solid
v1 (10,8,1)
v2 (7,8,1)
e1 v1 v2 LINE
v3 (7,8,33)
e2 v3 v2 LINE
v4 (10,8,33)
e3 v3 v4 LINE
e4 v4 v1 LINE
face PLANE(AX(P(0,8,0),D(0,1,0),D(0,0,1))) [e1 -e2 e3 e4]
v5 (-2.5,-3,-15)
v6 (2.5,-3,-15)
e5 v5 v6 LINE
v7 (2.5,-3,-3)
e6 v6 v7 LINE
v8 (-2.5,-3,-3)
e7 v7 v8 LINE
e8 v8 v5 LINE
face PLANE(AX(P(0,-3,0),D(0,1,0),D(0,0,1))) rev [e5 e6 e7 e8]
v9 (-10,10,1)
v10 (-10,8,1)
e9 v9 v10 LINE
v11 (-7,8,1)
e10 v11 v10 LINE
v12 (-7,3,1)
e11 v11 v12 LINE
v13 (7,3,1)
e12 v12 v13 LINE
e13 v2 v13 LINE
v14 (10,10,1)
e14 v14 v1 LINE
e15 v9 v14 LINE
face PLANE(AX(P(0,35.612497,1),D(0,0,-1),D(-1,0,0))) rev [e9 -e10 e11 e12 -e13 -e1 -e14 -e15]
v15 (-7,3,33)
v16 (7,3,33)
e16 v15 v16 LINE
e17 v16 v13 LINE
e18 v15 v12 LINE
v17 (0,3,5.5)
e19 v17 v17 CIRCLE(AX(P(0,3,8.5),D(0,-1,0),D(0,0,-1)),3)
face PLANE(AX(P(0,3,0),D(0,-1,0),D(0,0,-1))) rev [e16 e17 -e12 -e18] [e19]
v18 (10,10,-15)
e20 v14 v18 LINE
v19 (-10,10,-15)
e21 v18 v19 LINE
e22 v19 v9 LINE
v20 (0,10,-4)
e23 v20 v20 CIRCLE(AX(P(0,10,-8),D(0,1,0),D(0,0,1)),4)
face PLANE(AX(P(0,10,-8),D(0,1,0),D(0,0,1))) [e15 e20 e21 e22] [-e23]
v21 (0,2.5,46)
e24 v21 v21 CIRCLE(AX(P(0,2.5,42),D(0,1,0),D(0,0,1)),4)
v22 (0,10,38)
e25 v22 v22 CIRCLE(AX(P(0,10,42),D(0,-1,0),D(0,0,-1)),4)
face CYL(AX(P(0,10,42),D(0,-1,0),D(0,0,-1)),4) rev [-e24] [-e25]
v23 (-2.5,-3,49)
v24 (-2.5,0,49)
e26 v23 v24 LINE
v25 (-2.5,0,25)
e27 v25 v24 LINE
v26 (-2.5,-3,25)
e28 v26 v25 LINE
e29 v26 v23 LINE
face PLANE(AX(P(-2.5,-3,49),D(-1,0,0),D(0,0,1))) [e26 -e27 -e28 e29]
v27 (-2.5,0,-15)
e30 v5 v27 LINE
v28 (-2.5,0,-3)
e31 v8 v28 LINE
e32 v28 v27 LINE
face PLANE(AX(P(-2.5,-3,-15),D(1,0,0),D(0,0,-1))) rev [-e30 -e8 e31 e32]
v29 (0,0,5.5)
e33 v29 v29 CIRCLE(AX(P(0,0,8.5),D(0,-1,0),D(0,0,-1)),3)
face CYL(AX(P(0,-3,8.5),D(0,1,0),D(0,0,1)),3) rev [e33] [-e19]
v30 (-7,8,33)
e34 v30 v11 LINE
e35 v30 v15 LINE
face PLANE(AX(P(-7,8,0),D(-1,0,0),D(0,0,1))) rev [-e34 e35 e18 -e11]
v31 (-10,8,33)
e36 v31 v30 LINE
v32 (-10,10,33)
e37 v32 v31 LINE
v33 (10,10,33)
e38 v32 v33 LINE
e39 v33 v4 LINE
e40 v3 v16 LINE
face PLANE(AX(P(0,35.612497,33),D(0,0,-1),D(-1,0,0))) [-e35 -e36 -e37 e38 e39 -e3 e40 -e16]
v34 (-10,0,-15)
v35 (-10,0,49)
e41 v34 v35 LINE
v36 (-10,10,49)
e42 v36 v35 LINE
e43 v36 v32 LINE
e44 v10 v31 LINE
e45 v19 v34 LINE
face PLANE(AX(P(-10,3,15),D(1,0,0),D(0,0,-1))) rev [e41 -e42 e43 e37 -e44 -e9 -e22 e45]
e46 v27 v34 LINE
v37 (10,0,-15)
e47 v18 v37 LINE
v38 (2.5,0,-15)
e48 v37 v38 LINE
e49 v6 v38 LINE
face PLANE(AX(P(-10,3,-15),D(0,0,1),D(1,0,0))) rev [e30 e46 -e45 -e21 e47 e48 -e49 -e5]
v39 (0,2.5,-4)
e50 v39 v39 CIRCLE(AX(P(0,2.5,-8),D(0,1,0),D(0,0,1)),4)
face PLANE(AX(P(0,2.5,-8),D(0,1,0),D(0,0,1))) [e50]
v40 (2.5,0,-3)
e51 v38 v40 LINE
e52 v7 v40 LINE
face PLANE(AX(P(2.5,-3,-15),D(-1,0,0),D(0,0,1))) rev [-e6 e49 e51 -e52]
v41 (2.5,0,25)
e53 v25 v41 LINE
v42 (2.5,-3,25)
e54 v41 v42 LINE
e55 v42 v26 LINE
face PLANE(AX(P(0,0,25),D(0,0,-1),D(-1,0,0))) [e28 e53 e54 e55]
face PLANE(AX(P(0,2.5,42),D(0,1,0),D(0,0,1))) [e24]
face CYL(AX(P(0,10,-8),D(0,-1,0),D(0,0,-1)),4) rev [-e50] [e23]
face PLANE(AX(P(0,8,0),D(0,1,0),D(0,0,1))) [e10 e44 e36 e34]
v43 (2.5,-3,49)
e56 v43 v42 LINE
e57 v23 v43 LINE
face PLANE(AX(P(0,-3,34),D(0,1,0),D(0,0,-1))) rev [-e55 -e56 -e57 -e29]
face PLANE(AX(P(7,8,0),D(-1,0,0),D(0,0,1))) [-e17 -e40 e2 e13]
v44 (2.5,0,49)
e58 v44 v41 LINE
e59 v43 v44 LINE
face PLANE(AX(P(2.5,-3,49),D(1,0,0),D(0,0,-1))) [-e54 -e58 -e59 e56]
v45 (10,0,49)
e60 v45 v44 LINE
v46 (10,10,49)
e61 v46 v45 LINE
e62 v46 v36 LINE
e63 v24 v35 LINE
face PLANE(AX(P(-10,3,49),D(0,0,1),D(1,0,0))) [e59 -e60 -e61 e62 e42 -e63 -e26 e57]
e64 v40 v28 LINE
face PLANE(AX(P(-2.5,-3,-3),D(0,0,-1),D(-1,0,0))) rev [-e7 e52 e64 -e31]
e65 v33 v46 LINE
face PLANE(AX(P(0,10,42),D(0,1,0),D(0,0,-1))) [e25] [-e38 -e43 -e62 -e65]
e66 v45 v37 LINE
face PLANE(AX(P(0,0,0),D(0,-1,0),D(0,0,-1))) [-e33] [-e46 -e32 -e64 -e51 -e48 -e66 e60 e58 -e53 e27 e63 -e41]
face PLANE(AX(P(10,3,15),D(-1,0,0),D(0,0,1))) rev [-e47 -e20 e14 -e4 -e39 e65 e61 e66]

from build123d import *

# Parameters (mm, degrees)
SKETCH1_W               = 20
SKETCH1_H               = 30
BOSS_EXTRUDE1_DEPTH     = 3
SKETCH2_W               = 5
SKETCH2_H               = 12
BOSS_EXTRUDE2_DEPTH     = 3
SKETCH3_R               = 7
SKETCH3_R_2             = 4
BOSS_EXTRUDE3_DEPTH     = 7
SKETCH4_R               = 4
BOSS_EXTRUDE4_DEPTH     = 1
CUT_EXTRUDE1_DEPTH      = 20.339079606
CUT_EXTRUDE1_DEPTH_BACK = 20.339079606
SKETCH5_R               = 3
SKETCH6_R               = 7
SKETCH6_R_2             = 4
BOSS_EXTRUDE6_DEPTH     = 7
SKETCH7_W               = 20
SKETCH7_H               = 3
BOSS_EXTRUDE7_DEPTH     = 19
SKETCH8_W               = 5
SKETCH8_H               = 3
BOSS_EXTRUDE8_DEPTH     = 12
CUT_EXTRUDE2_START      = -1.5
SKETCH10_R              = 4
CUT_EXTRUDE2_DEPTH      = 1.5
SKETCH12_W              = 3
SKETCH12_H              = 32
BOSS_EXTRUDE9_DEPTH     = 5


with BuildPart() as part:
    # Sketch1 → Boss-Extrude1 (new body)
    with BuildSketch(Plane(origin=(0, 0, 0), x_dir=(1, 0, 0), z_dir=(0, 1, 0))):
        Rectangle(SKETCH1_W, SKETCH1_H)
    boss_extrude1 = extrude(amount=BOSS_EXTRUDE1_DEPTH)

    # Sketch2 → Boss-Extrude2 (add)
    with BuildSketch(Plane.XZ):
        with Locations((0, -9)):
            Rectangle(SKETCH2_W, SKETCH2_H)
    boss_extrude2 = extrude(amount=BOSS_EXTRUDE2_DEPTH)

    # Sketch3 → Boss-Extrude3 (add)
    with BuildSketch(Plane(origin=(0, 3, 0), x_dir=(1, 0, 0), z_dir=(0, 1, 0))):
        with Locations(Location((0, 8, 0), (0, 0, 90))):
            Circle(SKETCH3_R)
        with Locations(Location((0, 8, 0), (0, 0, 270))):
            Circle(SKETCH3_R_2, mode=Mode.SUBTRACT)
    boss_extrude3 = extrude(amount=BOSS_EXTRUDE3_DEPTH)

    # Sketch4 → Boss-Extrude4 (add)
    with BuildSketch(Plane(origin=(0, 3, 0), x_dir=(1, 0, 0), z_dir=(0, 1, 0))):
        with Locations(Location((0, 8, 0), (0, 0, 270))):
            Circle(SKETCH4_R)
    boss_extrude4 = extrude(amount=BOSS_EXTRUDE4_DEPTH)

    # Sketch5 → Cut-Extrude1 (cut, two sides: drawn at the far end of the back side and taken through both)
    with BuildSketch(Plane(origin=(0, 3, 0), x_dir=(1, 0, 0), z_dir=(0, 1, 0)).offset(-CUT_EXTRUDE1_DEPTH_BACK)):
        with Locations(Location((0, -8.5, 0), (0, 0, 90))):
            Circle(SKETCH5_R)
    extrude(amount=CUT_EXTRUDE1_DEPTH + CUT_EXTRUDE1_DEPTH_BACK, mode=Mode.SUBTRACT)

    # Sketch6 → Boss-Extrude6 (add)
    # profile 1 of 2: a face of its own
    with BuildSketch(Plane(origin=(0, 3, 0), x_dir=(1, 0, 0), z_dir=(0, 1, 0))):
        Polygon((0, 15), (-10, 15), (-10, -1), (10, -1), (10, 15), align=None)
        with BuildLine():
            ThreePointArc((7, 8), (-4.949747468, 3.050252532), (0, 15))
            ThreePointArc((0, 15), (4.949747468, 12.949747468), (7, 8))
        make_face(mode=Mode.SUBTRACT)
    # profile 2 of 2: a face of its own
    with BuildSketch(Plane(origin=(0, 3, 0), x_dir=(1, 0, 0), z_dir=(0, 1, 0))):
        with Locations((0, 8)):
            Circle(SKETCH6_R)
        with Locations(Location((0, 8, 0), (0, 0, 270))):
            Circle(SKETCH6_R_2, mode=Mode.SUBTRACT)
    boss_extrude6 = extrude(amount=BOSS_EXTRUDE6_DEPTH)

    # Sketch7 → Boss-Extrude7 (add)
    with BuildSketch(Plane.XY.offset(15)):
        with Locations((0, 1.5)):
            Rectangle(SKETCH7_W, SKETCH7_H)
    extrude(amount=BOSS_EXTRUDE7_DEPTH)

    # Mirror3: Boss-Extrude1, Boss-Extrude2, Boss-Extrude3, Boss-Extrude4, Boss-Extrude6 across plane
    add(boss_extrude1.mirror(Plane.XY.offset(17)))
    add(boss_extrude2.mirror(Plane.XY.offset(17)))
    add(boss_extrude3.mirror(Plane.XY.offset(17)))
    add(boss_extrude4.mirror(Plane.XY.offset(17)))
    add(boss_extrude6.mirror(Plane.XY.offset(17)))

    # Sketch8 → Boss-Extrude8 (add)
    with BuildSketch(Plane(origin=(0, 0, 37), x_dir=(-1, 0, 0), z_dir=(0, 0, -1))):
        with Locations((0, -1.5)):
            Rectangle(SKETCH8_W, SKETCH8_H)
    extrude(amount=BOSS_EXTRUDE8_DEPTH)

    # Sketch10 → Cut-Extrude2 (cut)
    with BuildSketch(Plane(origin=(0, 4, 0), x_dir=(1, 0, 0), z_dir=(0, 1, 0)).offset(CUT_EXTRUDE2_START)):
        with Locations(Location((0, 8, 0), (0, 0, 270))):
            Circle(SKETCH10_R)
        with Locations(Location((0, -42, 0), (0, 0, 90))):
            Circle(SKETCH10_R)
    extrude(amount=CUT_EXTRUDE2_DEPTH, mode=Mode.SUBTRACT)

    # Sketch12 → Boss-Extrude9 (add)
    with BuildSketch(Plane(origin=(0, 3, 0), x_dir=(1, 0, 0), z_dir=(0, 1, 0))):
        with Locations((8.5, -17)):
            Rectangle(SKETCH12_W, SKETCH12_H)
        with Locations((-8.5, -17)):
            Rectangle(SKETCH12_W, SKETCH12_H)
    extrude(amount=BOSS_EXTRUDE9_DEPTH)


solid = part.part
